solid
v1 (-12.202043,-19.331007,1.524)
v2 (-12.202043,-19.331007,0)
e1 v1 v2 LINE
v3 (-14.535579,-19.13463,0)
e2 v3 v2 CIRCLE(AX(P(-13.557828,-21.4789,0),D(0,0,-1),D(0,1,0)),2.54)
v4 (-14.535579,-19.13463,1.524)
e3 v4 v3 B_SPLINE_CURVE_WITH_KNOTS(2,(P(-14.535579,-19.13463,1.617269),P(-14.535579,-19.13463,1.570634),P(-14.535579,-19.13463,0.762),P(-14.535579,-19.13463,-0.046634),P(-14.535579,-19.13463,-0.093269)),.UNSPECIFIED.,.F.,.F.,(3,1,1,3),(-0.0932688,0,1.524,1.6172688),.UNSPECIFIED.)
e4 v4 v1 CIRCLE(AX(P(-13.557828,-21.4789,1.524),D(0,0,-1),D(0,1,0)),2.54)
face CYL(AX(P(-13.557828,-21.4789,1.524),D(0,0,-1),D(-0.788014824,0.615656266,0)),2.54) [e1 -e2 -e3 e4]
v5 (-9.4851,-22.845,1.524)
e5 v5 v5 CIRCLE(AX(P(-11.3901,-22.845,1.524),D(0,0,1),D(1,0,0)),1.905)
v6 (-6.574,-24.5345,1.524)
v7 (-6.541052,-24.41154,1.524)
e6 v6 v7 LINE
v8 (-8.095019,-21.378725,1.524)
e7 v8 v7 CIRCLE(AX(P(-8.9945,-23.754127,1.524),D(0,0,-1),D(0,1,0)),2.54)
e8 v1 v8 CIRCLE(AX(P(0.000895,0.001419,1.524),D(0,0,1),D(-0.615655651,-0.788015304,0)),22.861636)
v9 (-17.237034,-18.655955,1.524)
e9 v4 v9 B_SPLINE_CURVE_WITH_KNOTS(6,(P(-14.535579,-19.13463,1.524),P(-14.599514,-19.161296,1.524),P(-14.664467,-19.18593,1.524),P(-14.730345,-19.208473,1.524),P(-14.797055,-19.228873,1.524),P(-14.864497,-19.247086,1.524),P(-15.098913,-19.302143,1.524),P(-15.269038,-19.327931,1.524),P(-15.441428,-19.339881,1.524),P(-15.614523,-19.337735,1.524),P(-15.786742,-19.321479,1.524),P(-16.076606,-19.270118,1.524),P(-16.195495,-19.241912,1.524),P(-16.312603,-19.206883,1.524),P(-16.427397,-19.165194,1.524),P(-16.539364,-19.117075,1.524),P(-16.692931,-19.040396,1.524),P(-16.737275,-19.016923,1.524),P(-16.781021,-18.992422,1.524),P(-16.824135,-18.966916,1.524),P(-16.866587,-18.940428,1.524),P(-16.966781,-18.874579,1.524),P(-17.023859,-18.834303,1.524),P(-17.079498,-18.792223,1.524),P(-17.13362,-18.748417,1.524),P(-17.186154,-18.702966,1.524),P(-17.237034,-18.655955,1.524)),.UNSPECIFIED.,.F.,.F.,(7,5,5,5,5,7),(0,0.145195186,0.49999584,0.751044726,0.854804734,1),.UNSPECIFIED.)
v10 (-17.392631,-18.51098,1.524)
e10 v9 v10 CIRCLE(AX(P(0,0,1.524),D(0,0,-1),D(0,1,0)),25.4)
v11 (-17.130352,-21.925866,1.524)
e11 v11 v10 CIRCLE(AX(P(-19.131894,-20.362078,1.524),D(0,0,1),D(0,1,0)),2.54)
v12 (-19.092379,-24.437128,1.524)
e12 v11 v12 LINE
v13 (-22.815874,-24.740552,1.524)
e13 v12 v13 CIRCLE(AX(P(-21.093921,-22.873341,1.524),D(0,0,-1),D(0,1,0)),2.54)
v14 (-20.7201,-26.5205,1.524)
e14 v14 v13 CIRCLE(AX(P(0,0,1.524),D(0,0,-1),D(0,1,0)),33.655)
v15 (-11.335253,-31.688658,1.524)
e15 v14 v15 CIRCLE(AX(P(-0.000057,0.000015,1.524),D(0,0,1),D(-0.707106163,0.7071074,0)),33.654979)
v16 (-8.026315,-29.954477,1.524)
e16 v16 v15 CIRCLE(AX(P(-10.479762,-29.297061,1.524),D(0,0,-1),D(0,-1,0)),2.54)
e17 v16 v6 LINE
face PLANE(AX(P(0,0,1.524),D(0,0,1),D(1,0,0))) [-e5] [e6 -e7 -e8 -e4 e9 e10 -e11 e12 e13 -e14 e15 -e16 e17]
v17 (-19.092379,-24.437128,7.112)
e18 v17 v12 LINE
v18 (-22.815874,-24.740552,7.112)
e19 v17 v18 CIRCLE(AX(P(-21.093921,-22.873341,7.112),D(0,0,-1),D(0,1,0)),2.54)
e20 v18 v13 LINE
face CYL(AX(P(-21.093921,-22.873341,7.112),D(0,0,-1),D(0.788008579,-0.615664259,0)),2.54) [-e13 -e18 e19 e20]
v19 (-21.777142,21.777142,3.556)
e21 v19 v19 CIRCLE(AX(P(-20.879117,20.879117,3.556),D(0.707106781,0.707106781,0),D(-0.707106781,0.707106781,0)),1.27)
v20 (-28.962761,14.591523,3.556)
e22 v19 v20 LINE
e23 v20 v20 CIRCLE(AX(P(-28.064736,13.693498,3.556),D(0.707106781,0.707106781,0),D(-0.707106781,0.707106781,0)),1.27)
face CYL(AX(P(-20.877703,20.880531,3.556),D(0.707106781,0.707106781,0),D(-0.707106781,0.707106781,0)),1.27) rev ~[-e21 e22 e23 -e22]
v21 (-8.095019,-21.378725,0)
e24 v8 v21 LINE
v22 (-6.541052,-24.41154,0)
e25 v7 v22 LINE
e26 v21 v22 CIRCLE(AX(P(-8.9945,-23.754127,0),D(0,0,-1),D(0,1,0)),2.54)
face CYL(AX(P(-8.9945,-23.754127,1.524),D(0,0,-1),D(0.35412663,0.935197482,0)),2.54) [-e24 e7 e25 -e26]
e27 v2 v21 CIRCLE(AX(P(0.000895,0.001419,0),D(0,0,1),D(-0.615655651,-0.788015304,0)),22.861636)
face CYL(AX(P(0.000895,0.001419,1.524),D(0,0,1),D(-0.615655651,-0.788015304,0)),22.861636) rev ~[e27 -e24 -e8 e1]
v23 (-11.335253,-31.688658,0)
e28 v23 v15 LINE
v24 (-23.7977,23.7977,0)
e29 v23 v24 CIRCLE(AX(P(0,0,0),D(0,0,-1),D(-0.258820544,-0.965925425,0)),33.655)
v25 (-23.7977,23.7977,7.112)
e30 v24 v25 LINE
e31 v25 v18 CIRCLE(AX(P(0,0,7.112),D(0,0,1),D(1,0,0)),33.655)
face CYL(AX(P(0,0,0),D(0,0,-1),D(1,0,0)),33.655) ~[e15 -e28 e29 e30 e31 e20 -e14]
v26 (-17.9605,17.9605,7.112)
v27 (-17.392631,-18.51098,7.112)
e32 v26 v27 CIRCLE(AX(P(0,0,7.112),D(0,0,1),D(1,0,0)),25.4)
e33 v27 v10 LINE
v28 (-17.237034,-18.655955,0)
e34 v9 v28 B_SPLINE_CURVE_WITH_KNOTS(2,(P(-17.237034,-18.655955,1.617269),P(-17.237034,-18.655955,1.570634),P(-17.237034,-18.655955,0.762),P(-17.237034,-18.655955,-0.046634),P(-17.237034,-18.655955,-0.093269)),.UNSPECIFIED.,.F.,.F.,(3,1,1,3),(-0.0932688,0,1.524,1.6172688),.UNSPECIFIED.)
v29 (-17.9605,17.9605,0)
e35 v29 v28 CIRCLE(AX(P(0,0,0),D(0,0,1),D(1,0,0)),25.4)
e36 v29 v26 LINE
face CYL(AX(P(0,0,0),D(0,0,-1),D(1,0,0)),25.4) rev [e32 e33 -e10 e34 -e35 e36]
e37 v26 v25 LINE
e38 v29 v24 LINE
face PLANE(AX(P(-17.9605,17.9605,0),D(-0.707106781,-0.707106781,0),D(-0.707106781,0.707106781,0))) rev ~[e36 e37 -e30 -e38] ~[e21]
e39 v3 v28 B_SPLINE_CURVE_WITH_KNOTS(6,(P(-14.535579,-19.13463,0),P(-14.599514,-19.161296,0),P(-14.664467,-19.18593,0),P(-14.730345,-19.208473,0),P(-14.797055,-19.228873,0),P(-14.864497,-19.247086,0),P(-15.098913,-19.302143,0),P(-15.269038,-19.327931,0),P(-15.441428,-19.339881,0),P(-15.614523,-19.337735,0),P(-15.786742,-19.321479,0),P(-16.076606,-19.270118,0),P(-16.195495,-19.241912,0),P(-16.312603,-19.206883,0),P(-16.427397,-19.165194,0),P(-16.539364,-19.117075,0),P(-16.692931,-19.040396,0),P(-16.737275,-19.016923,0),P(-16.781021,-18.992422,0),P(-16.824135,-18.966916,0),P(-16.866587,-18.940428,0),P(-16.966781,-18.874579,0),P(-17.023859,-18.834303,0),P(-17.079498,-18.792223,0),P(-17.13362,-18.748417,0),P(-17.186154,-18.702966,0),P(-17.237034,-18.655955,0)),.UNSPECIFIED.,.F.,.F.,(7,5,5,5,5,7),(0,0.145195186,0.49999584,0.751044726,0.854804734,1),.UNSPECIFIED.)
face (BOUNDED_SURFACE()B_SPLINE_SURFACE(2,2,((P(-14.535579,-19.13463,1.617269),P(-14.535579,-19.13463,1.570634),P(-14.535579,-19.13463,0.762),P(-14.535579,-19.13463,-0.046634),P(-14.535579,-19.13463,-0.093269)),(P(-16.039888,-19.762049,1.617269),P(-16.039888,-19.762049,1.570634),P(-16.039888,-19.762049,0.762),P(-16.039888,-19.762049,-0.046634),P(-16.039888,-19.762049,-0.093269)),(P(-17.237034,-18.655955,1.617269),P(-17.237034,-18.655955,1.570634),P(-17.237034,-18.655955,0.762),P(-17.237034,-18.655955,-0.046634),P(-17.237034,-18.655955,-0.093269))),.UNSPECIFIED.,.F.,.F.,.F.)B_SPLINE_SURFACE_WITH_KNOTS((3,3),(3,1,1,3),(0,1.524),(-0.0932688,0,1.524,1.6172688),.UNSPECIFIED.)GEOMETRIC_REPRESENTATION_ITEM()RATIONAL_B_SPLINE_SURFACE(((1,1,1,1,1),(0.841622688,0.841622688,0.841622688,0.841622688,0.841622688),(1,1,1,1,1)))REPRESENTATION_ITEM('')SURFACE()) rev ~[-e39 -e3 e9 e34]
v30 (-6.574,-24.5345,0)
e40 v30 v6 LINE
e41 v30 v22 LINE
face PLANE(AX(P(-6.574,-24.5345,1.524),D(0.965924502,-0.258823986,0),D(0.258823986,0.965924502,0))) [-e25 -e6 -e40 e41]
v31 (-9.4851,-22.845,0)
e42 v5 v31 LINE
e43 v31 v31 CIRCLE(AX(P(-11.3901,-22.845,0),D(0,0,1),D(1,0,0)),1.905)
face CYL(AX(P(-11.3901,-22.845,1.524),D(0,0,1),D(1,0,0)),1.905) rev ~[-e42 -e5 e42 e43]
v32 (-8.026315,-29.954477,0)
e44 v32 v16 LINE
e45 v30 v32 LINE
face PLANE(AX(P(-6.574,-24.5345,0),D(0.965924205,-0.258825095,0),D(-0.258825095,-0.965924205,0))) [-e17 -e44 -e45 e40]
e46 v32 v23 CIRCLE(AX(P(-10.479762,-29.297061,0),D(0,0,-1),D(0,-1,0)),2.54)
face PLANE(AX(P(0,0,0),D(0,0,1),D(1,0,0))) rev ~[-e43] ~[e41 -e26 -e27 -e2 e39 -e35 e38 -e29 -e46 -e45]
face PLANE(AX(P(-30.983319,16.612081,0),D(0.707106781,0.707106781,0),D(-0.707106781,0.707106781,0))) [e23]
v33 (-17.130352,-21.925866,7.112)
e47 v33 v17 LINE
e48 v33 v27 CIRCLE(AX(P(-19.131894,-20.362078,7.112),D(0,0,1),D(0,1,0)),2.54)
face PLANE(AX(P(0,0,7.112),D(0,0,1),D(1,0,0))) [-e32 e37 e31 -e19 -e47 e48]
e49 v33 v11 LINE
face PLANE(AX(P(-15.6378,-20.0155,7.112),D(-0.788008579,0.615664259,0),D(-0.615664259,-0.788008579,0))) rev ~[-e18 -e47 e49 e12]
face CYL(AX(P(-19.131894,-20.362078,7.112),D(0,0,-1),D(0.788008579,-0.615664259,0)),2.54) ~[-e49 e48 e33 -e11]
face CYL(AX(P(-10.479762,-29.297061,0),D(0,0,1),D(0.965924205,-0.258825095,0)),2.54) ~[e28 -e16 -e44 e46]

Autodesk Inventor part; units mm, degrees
ref_plane "YZ Plane" through (0, 0, 0) normal (1, 0, 0) x (0, 1, 0)
ref_plane "XZ Plane" through (0, 0, 0) normal (0, 1, 0) x (-1, 0, 0)
ref_plane "XY Plane" through (0, 0, 0) normal (0, 0, 1) x (1, 0, 0)
sketch "Sketch1" plane through (0, 0, 0) normal (0, 0, 1) x (1, 0, 0)
  circle A0 centre (0, 0) radius 25.4
  circle A1 centre (0, 0) radius 33.655
  line L0 (-17.9605, 17.9605) -> (-23.7977, 23.7977)
  line L1 (17.9605, 17.9605) -> (23.7977, 23.7977)
  line L2 (-23.7977, 23.7977) -> (-23.7977, 0) construction
  line L3 (23.7977, 23.7977) -> (23.7977, 0) construction
  line L4 (-6.574, -24.5345) -> (-8.7106, -32.5082)
  line L5 (6.574, -24.5345) -> (8.7106, -32.5082)
  line L6 (-6.574, -24.5345) -> (-6.574, 0) construction
  line L7 (6.574, -24.5345) -> (6.574, 0) construction
  dimension "d0" = 50.8
  dimension "d1" = 67.31
  dimension "d2" = 90
  dimension "d3" = 30
extrude "Extrusion1" add sketch "Sketch1" along normal blind 7.112 contours A0 L4 A1 L0
sketch "Sketch2" plane through (-23.7977, 23.7977, 0) normal (0.7071, 0.7071, 0) x (-0.7071, 0.7071, 0)
  line L0 (-8.255, 0) -> (0, 0) construction
  line L1 (0, 0) -> (0, 7.112) construction
  line L2 (-8.255, 7.112) -> (0, 7.112) construction
  line L3 (-8.255, 0) -> (-8.255, 7.112) construction
  circle A0 centre (-4.1275, 3.556) radius 1.27
  point P0 (-33.655, 0)
  dimension "d6" = 2.54
extrude "Extrusion2" cut sketch "Sketch2" against normal blind 10.16
sketch "Sketch3" plane through (0, 0, 7.112) normal (0, 0, 1) x (1, 0, 0)
  line L0 (-17.9605, 17.9605) -> (-23.7977, 23.7977) projected
  arc A0 (-23.7977, 23.7977) -> (-8.7106, -32.5082) centre (0, 0) ccw projected
  line L1 (-8.7106, -32.5082) -> (-6.574, -24.5345) projected
  arc A1 (-17.9605, 17.9605) -> (-6.574, -24.5345) centre (0, 0) ccw projected
  line L2 (-15.6378, -20.0155) -> (-20.7201, -26.5205)
  dimension "d9" = 23
extrude "Extrusion3" cut sketch "Sketch3" against normal blind 5.588 contours A1 L1 A0 L2
sketch "Sketch5" plane through (0, 0, 1.524) normal (0, 0, 1) x (1, 0, 0)
  line L0 (-6.574, -24.5345) -> (-8.7106, -32.5082) projected
  arc A0 (-15.6378, -20.0155) -> (-6.574, -24.5345) centre (0, 0) ccw projected
  line L1 (-20.7201, -26.5205) -> (-15.6378, -20.0155) projected
  arc A1 (-20.7201, -26.5205) -> (-8.7106, -32.5082) centre (0, 0) ccw projected
  line L2 (-6.574, -24.5345) -> (-5.9166, -22.0811)
  line L3 (-15.6378, -20.0155) -> (-14.074, -18.0139)
  arc A2 (-14.074, -18.0139) -> (-5.9166, -22.0811) centre (0, 0) ccw
  line L4 (-6.574, -24.5345) -> (-8.7106, -32.5082) projected
  line L5 (-20.7201, -26.5205) -> (-15.6378, -20.0155) projected
  dimension "d18" = 2.54
extrude "Extrusion5" add sketch "Sketch5" against normal up to surface (1.524 mm away)
sketch "Sketch6" plane through (0, 0, 1.524) normal (0, 0, 1) x (1, 0, 0)
  circle A0 centre (-11.3901, -22.845) radius 1.905
  line L0 (0, 0) -> (0, -28.075) construction
  dimension "d21" = 3.81
  dimension "d22" = 25.527
  dimension "d23" = 26.5
extrude "Extrusion6" cut sketch "Sketch6" against normal blind 25.4
fillet "Fillet1" radius 2.54 6 edges at (-20.7201, -26.5205, 4.318) (-15.6378, -20.0155, 4.318) (-14.074, -18.0139, 0.762) (-15.6378, -20.0155, 0.762) (-5.9166, -22.0811, 0.762) (-8.7106, -32.5082, 0.762)
properties part number "BearingMount1" material "ABS Plastic"
